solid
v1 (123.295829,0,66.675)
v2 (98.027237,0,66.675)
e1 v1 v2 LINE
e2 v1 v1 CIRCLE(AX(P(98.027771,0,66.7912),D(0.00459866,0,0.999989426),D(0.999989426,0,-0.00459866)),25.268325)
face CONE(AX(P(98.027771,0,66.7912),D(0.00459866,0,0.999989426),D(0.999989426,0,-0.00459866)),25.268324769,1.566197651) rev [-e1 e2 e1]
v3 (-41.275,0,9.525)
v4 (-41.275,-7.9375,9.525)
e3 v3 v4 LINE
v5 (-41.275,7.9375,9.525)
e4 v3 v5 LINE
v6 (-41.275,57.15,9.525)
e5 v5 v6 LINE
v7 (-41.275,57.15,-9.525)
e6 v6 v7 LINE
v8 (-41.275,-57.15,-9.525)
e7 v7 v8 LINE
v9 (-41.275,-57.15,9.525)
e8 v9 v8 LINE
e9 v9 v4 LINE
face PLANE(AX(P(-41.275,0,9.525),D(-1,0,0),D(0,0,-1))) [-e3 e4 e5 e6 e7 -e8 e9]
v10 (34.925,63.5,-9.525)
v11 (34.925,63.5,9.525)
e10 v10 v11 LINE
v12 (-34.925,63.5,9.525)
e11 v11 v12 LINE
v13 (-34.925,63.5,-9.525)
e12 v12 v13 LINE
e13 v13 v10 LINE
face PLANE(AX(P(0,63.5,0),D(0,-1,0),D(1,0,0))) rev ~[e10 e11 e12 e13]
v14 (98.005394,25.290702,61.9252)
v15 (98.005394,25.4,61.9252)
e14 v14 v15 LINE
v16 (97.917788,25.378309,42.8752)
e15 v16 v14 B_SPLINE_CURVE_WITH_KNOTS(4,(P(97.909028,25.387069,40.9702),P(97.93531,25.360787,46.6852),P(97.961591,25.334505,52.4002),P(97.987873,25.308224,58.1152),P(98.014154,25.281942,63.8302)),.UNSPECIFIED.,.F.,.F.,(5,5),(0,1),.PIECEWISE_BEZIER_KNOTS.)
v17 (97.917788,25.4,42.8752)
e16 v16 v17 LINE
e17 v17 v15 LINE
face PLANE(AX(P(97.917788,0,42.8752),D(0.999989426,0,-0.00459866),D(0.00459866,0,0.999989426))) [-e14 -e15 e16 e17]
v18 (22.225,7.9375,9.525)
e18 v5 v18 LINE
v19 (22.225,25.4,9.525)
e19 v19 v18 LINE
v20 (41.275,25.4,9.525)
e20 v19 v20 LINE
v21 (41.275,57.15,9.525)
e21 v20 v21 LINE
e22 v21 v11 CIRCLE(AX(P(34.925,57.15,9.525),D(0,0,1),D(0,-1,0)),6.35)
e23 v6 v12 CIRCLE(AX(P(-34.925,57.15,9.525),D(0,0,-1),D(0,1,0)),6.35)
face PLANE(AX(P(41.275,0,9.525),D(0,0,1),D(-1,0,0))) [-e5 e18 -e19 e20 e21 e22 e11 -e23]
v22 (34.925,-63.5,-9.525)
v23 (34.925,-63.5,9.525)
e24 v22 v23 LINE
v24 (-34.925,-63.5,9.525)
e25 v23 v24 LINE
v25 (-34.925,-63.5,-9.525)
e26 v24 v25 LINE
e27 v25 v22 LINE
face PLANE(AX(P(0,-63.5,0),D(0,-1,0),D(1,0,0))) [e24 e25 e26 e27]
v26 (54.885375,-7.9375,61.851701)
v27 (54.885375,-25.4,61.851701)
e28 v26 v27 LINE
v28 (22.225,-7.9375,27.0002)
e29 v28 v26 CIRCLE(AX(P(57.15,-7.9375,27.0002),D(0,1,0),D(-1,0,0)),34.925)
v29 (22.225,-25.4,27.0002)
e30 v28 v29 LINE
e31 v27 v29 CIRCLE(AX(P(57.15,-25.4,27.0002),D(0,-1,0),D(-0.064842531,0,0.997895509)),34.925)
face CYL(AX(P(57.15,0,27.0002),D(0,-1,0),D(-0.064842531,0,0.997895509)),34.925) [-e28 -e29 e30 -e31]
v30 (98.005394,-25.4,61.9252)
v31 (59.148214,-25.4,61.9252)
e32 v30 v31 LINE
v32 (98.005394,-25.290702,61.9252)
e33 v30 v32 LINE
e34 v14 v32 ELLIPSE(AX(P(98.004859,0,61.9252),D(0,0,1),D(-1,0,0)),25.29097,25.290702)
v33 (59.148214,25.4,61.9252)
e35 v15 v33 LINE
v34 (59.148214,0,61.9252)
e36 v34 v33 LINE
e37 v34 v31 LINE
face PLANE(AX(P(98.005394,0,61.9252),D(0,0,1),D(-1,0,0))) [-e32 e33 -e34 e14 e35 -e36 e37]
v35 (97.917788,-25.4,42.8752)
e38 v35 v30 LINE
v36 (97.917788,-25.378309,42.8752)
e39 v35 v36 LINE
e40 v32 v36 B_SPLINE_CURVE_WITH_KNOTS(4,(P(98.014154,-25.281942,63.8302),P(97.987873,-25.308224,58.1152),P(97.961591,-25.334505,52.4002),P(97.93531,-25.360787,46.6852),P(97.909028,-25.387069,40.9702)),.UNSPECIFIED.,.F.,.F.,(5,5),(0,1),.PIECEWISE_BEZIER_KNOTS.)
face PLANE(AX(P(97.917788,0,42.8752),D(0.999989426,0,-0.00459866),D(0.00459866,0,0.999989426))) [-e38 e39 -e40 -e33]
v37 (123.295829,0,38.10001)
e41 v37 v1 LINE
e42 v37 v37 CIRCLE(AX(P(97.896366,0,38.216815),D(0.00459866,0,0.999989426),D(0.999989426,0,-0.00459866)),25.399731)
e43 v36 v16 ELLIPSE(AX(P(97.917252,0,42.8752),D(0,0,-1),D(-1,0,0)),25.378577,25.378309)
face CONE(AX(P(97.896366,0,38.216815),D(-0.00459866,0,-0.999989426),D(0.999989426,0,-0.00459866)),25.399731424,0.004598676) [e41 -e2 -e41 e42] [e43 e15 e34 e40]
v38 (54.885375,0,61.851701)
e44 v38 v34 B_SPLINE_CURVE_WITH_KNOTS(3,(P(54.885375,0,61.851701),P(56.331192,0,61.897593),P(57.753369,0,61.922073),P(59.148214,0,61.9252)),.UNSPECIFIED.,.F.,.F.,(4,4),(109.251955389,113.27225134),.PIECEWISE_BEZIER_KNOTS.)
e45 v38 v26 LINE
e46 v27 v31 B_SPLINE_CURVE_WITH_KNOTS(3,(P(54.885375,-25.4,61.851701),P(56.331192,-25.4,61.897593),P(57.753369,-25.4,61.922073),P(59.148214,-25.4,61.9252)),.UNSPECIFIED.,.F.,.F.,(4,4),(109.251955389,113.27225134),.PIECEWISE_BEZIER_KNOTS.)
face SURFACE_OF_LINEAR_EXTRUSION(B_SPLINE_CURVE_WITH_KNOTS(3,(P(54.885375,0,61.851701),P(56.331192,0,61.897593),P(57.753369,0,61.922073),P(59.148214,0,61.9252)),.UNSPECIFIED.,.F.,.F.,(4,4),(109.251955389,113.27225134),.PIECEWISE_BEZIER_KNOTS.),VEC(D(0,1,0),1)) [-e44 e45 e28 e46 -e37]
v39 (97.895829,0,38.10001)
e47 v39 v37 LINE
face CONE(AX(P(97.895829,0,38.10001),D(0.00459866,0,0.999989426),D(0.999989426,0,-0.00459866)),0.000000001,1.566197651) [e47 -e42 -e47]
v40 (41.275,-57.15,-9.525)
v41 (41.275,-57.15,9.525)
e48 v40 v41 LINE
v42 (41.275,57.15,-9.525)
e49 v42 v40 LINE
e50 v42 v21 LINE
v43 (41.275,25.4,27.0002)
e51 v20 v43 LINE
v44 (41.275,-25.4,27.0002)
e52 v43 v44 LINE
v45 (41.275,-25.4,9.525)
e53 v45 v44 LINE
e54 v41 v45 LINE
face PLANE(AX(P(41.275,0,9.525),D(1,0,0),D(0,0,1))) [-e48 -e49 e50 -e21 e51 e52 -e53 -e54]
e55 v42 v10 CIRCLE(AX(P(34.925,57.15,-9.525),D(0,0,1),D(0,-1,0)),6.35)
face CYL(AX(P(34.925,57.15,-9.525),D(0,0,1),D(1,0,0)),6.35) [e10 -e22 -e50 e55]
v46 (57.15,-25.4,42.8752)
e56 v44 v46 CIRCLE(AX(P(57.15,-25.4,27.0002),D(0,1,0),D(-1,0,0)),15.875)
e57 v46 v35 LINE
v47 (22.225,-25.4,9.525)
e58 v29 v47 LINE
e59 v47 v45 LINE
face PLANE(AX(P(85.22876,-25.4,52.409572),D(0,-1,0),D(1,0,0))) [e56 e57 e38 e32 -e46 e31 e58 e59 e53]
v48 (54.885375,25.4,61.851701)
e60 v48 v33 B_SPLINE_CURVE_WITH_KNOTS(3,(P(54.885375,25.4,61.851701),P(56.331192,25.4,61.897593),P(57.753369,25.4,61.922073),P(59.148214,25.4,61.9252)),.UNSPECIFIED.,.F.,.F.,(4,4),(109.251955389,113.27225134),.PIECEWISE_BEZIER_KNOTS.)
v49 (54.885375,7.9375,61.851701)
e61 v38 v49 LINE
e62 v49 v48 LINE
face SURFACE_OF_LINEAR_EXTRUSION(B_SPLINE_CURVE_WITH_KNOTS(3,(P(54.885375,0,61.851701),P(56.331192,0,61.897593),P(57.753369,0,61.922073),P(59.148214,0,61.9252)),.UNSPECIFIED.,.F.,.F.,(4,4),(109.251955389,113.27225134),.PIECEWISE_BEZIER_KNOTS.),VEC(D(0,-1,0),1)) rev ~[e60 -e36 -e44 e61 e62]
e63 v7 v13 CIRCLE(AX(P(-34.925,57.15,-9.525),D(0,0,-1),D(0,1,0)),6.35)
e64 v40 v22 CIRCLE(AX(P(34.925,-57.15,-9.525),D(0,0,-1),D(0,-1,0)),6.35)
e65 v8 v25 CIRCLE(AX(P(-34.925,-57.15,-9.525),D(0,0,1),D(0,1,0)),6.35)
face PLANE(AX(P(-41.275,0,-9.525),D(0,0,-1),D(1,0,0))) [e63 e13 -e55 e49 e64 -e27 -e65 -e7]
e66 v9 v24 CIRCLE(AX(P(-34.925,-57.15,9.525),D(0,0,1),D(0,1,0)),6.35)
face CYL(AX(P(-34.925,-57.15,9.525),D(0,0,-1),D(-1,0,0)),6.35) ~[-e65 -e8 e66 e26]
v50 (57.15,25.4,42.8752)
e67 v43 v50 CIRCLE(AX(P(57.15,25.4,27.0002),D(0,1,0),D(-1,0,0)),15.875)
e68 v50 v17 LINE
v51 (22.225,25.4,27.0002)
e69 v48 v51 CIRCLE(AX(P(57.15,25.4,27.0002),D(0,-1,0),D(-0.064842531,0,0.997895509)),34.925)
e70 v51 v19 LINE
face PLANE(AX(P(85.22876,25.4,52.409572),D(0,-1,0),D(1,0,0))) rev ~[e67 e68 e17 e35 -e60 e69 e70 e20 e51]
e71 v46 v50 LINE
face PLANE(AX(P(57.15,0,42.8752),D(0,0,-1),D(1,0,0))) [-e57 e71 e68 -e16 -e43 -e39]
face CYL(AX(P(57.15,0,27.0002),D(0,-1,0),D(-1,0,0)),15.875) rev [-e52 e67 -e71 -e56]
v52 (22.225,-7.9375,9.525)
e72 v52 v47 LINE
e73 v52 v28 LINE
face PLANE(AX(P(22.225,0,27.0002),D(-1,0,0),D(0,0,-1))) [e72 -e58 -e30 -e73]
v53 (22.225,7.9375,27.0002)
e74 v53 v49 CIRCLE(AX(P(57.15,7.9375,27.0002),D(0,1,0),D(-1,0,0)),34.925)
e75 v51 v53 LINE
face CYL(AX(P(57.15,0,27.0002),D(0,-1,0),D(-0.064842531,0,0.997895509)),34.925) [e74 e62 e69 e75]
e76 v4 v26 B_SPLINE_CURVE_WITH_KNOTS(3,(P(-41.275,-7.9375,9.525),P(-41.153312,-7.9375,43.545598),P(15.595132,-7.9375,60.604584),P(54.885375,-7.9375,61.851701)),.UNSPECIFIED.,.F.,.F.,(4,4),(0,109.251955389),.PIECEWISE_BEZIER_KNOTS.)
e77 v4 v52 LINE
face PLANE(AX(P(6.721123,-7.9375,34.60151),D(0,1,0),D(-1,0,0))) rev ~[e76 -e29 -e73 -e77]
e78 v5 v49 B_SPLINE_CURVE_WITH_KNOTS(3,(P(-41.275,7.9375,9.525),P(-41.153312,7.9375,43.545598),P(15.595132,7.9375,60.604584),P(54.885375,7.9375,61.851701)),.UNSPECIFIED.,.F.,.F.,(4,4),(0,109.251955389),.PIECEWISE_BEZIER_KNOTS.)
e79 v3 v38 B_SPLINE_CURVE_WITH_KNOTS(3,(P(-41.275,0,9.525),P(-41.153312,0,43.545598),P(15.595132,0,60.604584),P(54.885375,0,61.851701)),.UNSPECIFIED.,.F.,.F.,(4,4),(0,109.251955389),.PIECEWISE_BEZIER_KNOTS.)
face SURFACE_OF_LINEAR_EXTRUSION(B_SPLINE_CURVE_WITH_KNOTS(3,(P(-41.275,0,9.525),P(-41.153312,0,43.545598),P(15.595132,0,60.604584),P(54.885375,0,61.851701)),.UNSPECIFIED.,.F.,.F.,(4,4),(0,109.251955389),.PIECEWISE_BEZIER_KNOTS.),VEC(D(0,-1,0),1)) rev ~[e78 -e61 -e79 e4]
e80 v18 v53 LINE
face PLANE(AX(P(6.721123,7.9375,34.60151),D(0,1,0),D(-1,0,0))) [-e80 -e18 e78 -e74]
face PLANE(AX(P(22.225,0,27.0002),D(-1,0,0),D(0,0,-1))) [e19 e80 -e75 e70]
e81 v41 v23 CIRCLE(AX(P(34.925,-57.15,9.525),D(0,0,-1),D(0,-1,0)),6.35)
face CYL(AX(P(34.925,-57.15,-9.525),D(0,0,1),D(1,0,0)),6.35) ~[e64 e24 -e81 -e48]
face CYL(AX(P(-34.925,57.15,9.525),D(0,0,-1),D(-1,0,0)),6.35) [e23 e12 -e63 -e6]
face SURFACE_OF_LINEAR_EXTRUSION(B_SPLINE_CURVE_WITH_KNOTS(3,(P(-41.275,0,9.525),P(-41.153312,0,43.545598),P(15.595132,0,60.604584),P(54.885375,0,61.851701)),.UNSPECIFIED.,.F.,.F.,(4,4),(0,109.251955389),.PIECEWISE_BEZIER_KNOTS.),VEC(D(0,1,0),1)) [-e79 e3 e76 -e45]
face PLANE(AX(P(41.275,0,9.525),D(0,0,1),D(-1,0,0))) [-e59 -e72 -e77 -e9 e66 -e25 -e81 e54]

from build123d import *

# Parameters (mm, degrees)
F1_DEPTH = 63.5
F2_DEPTH = 7.9375
F3_DEPTH = 25.4
F5_R     = 6.35


with BuildPart() as f1:
    # F0 (on Front) → F1 (new body, symmetric)
    with BuildSketch(Plane.XZ):
        Polygon((-41.275, 9.525), (-41.275, -9.525), (41.275, -9.525), (41.275, 9.525), (22.225, 9.525), align=None)
    extrude(amount=F1_DEPTH, both=True)

    # F0 (on Front) → F2 (join, symmetric)
    with BuildSketch(Plane.XZ):
        with BuildLine():
            add(Edge.make_bspline(
                [(-41.275, 9.525), (-41.15331158, 43.5455983009), (15.5951323603, 60.6045840668), (54.8853746059, 61.8517006395)],
                knots=[0, 0, 0, 0, 109.2519553894, 109.2519553894, 109.2519553894, 109.2519553894], degree=3))
            Line((-41.275, 9.525), (22.225, 9.525))
            Line((22.225, 9.525), (22.225, 27.0002))
            ThreePointArc((22.225, 27.0002), (31.666204493, 50.8818203712), (54.8853746059, 61.8517006395))
        make_face()
    extrude(amount=F2_DEPTH, both=True)

    # F0 (on Front) → F3 (join, symmetric)
    with BuildSketch(Plane.XZ):
        Polygon((98.005393815, 61.9252), (72.4958287168, 61.9252), (72.4958287168, 42.8752), (97.9177884222, 42.8752), align=None)
        with BuildLine():
            Line((22.225, 9.525), (41.275, 9.525))
            Line((41.275, 9.525), (41.275, 27.0002))
            ThreePointArc((41.275, 27.0002), (45.9246798487, 38.2255201513), (57.15, 42.8752))
            Line((57.15, 42.8752), (72.4958287168, 42.8752))
            Line((72.4958287168, 42.8752), (72.4958287168, 61.9252))
            Line((72.4958287168, 61.9252), (59.1482142662, 61.9252))
            add(Edge.make_bspline(
                [(54.8853746059, 61.8517006395), (56.3311922229, 61.8975925202), (57.7533693148, 61.92207321), (59.1482142662, 61.9252)],
                knots=[109.2519553894, 109.2519553894, 109.2519553894, 109.2519553894, 113.2722513399, 113.2722513399, 113.2722513399, 113.2722513399], degree=3))
            ThreePointArc((54.8853746059, 61.8517006395), (31.666204493, 50.8818203712), (22.225, 27.0002))
            Line((22.225, 27.0002), (22.225, 9.525))
        make_face()
    extrude(amount=F3_DEPTH, both=True)

    # F0 (on Front) → F4 (revolve)
    with BuildSketch(Plane.XZ):
        Polygon((98.0272367597, 66.675), (98.005393815, 61.9252), (97.9177884222, 42.8752), (97.8958287168, 38.100010092), (123.2958287168, 38.100010092), (123.2958287168, 66.675), align=None)
    revolve(axis=Axis((97.9615327382, 0, 52.387505046), (0.0045986597, 0, 0.9999894261)))

    # F5
    f5_edges = [f1.edges().sort_by_distance(p)[0] for p in [
        (-41.275, -63.5, 0),
        (41.275, -63.5, 0),
        (41.275, 63.5, 0),
        (-41.275, 63.5, 0),
    ]]
    fillet(f5_edges, radius=F5_R)


solid = f1.part
